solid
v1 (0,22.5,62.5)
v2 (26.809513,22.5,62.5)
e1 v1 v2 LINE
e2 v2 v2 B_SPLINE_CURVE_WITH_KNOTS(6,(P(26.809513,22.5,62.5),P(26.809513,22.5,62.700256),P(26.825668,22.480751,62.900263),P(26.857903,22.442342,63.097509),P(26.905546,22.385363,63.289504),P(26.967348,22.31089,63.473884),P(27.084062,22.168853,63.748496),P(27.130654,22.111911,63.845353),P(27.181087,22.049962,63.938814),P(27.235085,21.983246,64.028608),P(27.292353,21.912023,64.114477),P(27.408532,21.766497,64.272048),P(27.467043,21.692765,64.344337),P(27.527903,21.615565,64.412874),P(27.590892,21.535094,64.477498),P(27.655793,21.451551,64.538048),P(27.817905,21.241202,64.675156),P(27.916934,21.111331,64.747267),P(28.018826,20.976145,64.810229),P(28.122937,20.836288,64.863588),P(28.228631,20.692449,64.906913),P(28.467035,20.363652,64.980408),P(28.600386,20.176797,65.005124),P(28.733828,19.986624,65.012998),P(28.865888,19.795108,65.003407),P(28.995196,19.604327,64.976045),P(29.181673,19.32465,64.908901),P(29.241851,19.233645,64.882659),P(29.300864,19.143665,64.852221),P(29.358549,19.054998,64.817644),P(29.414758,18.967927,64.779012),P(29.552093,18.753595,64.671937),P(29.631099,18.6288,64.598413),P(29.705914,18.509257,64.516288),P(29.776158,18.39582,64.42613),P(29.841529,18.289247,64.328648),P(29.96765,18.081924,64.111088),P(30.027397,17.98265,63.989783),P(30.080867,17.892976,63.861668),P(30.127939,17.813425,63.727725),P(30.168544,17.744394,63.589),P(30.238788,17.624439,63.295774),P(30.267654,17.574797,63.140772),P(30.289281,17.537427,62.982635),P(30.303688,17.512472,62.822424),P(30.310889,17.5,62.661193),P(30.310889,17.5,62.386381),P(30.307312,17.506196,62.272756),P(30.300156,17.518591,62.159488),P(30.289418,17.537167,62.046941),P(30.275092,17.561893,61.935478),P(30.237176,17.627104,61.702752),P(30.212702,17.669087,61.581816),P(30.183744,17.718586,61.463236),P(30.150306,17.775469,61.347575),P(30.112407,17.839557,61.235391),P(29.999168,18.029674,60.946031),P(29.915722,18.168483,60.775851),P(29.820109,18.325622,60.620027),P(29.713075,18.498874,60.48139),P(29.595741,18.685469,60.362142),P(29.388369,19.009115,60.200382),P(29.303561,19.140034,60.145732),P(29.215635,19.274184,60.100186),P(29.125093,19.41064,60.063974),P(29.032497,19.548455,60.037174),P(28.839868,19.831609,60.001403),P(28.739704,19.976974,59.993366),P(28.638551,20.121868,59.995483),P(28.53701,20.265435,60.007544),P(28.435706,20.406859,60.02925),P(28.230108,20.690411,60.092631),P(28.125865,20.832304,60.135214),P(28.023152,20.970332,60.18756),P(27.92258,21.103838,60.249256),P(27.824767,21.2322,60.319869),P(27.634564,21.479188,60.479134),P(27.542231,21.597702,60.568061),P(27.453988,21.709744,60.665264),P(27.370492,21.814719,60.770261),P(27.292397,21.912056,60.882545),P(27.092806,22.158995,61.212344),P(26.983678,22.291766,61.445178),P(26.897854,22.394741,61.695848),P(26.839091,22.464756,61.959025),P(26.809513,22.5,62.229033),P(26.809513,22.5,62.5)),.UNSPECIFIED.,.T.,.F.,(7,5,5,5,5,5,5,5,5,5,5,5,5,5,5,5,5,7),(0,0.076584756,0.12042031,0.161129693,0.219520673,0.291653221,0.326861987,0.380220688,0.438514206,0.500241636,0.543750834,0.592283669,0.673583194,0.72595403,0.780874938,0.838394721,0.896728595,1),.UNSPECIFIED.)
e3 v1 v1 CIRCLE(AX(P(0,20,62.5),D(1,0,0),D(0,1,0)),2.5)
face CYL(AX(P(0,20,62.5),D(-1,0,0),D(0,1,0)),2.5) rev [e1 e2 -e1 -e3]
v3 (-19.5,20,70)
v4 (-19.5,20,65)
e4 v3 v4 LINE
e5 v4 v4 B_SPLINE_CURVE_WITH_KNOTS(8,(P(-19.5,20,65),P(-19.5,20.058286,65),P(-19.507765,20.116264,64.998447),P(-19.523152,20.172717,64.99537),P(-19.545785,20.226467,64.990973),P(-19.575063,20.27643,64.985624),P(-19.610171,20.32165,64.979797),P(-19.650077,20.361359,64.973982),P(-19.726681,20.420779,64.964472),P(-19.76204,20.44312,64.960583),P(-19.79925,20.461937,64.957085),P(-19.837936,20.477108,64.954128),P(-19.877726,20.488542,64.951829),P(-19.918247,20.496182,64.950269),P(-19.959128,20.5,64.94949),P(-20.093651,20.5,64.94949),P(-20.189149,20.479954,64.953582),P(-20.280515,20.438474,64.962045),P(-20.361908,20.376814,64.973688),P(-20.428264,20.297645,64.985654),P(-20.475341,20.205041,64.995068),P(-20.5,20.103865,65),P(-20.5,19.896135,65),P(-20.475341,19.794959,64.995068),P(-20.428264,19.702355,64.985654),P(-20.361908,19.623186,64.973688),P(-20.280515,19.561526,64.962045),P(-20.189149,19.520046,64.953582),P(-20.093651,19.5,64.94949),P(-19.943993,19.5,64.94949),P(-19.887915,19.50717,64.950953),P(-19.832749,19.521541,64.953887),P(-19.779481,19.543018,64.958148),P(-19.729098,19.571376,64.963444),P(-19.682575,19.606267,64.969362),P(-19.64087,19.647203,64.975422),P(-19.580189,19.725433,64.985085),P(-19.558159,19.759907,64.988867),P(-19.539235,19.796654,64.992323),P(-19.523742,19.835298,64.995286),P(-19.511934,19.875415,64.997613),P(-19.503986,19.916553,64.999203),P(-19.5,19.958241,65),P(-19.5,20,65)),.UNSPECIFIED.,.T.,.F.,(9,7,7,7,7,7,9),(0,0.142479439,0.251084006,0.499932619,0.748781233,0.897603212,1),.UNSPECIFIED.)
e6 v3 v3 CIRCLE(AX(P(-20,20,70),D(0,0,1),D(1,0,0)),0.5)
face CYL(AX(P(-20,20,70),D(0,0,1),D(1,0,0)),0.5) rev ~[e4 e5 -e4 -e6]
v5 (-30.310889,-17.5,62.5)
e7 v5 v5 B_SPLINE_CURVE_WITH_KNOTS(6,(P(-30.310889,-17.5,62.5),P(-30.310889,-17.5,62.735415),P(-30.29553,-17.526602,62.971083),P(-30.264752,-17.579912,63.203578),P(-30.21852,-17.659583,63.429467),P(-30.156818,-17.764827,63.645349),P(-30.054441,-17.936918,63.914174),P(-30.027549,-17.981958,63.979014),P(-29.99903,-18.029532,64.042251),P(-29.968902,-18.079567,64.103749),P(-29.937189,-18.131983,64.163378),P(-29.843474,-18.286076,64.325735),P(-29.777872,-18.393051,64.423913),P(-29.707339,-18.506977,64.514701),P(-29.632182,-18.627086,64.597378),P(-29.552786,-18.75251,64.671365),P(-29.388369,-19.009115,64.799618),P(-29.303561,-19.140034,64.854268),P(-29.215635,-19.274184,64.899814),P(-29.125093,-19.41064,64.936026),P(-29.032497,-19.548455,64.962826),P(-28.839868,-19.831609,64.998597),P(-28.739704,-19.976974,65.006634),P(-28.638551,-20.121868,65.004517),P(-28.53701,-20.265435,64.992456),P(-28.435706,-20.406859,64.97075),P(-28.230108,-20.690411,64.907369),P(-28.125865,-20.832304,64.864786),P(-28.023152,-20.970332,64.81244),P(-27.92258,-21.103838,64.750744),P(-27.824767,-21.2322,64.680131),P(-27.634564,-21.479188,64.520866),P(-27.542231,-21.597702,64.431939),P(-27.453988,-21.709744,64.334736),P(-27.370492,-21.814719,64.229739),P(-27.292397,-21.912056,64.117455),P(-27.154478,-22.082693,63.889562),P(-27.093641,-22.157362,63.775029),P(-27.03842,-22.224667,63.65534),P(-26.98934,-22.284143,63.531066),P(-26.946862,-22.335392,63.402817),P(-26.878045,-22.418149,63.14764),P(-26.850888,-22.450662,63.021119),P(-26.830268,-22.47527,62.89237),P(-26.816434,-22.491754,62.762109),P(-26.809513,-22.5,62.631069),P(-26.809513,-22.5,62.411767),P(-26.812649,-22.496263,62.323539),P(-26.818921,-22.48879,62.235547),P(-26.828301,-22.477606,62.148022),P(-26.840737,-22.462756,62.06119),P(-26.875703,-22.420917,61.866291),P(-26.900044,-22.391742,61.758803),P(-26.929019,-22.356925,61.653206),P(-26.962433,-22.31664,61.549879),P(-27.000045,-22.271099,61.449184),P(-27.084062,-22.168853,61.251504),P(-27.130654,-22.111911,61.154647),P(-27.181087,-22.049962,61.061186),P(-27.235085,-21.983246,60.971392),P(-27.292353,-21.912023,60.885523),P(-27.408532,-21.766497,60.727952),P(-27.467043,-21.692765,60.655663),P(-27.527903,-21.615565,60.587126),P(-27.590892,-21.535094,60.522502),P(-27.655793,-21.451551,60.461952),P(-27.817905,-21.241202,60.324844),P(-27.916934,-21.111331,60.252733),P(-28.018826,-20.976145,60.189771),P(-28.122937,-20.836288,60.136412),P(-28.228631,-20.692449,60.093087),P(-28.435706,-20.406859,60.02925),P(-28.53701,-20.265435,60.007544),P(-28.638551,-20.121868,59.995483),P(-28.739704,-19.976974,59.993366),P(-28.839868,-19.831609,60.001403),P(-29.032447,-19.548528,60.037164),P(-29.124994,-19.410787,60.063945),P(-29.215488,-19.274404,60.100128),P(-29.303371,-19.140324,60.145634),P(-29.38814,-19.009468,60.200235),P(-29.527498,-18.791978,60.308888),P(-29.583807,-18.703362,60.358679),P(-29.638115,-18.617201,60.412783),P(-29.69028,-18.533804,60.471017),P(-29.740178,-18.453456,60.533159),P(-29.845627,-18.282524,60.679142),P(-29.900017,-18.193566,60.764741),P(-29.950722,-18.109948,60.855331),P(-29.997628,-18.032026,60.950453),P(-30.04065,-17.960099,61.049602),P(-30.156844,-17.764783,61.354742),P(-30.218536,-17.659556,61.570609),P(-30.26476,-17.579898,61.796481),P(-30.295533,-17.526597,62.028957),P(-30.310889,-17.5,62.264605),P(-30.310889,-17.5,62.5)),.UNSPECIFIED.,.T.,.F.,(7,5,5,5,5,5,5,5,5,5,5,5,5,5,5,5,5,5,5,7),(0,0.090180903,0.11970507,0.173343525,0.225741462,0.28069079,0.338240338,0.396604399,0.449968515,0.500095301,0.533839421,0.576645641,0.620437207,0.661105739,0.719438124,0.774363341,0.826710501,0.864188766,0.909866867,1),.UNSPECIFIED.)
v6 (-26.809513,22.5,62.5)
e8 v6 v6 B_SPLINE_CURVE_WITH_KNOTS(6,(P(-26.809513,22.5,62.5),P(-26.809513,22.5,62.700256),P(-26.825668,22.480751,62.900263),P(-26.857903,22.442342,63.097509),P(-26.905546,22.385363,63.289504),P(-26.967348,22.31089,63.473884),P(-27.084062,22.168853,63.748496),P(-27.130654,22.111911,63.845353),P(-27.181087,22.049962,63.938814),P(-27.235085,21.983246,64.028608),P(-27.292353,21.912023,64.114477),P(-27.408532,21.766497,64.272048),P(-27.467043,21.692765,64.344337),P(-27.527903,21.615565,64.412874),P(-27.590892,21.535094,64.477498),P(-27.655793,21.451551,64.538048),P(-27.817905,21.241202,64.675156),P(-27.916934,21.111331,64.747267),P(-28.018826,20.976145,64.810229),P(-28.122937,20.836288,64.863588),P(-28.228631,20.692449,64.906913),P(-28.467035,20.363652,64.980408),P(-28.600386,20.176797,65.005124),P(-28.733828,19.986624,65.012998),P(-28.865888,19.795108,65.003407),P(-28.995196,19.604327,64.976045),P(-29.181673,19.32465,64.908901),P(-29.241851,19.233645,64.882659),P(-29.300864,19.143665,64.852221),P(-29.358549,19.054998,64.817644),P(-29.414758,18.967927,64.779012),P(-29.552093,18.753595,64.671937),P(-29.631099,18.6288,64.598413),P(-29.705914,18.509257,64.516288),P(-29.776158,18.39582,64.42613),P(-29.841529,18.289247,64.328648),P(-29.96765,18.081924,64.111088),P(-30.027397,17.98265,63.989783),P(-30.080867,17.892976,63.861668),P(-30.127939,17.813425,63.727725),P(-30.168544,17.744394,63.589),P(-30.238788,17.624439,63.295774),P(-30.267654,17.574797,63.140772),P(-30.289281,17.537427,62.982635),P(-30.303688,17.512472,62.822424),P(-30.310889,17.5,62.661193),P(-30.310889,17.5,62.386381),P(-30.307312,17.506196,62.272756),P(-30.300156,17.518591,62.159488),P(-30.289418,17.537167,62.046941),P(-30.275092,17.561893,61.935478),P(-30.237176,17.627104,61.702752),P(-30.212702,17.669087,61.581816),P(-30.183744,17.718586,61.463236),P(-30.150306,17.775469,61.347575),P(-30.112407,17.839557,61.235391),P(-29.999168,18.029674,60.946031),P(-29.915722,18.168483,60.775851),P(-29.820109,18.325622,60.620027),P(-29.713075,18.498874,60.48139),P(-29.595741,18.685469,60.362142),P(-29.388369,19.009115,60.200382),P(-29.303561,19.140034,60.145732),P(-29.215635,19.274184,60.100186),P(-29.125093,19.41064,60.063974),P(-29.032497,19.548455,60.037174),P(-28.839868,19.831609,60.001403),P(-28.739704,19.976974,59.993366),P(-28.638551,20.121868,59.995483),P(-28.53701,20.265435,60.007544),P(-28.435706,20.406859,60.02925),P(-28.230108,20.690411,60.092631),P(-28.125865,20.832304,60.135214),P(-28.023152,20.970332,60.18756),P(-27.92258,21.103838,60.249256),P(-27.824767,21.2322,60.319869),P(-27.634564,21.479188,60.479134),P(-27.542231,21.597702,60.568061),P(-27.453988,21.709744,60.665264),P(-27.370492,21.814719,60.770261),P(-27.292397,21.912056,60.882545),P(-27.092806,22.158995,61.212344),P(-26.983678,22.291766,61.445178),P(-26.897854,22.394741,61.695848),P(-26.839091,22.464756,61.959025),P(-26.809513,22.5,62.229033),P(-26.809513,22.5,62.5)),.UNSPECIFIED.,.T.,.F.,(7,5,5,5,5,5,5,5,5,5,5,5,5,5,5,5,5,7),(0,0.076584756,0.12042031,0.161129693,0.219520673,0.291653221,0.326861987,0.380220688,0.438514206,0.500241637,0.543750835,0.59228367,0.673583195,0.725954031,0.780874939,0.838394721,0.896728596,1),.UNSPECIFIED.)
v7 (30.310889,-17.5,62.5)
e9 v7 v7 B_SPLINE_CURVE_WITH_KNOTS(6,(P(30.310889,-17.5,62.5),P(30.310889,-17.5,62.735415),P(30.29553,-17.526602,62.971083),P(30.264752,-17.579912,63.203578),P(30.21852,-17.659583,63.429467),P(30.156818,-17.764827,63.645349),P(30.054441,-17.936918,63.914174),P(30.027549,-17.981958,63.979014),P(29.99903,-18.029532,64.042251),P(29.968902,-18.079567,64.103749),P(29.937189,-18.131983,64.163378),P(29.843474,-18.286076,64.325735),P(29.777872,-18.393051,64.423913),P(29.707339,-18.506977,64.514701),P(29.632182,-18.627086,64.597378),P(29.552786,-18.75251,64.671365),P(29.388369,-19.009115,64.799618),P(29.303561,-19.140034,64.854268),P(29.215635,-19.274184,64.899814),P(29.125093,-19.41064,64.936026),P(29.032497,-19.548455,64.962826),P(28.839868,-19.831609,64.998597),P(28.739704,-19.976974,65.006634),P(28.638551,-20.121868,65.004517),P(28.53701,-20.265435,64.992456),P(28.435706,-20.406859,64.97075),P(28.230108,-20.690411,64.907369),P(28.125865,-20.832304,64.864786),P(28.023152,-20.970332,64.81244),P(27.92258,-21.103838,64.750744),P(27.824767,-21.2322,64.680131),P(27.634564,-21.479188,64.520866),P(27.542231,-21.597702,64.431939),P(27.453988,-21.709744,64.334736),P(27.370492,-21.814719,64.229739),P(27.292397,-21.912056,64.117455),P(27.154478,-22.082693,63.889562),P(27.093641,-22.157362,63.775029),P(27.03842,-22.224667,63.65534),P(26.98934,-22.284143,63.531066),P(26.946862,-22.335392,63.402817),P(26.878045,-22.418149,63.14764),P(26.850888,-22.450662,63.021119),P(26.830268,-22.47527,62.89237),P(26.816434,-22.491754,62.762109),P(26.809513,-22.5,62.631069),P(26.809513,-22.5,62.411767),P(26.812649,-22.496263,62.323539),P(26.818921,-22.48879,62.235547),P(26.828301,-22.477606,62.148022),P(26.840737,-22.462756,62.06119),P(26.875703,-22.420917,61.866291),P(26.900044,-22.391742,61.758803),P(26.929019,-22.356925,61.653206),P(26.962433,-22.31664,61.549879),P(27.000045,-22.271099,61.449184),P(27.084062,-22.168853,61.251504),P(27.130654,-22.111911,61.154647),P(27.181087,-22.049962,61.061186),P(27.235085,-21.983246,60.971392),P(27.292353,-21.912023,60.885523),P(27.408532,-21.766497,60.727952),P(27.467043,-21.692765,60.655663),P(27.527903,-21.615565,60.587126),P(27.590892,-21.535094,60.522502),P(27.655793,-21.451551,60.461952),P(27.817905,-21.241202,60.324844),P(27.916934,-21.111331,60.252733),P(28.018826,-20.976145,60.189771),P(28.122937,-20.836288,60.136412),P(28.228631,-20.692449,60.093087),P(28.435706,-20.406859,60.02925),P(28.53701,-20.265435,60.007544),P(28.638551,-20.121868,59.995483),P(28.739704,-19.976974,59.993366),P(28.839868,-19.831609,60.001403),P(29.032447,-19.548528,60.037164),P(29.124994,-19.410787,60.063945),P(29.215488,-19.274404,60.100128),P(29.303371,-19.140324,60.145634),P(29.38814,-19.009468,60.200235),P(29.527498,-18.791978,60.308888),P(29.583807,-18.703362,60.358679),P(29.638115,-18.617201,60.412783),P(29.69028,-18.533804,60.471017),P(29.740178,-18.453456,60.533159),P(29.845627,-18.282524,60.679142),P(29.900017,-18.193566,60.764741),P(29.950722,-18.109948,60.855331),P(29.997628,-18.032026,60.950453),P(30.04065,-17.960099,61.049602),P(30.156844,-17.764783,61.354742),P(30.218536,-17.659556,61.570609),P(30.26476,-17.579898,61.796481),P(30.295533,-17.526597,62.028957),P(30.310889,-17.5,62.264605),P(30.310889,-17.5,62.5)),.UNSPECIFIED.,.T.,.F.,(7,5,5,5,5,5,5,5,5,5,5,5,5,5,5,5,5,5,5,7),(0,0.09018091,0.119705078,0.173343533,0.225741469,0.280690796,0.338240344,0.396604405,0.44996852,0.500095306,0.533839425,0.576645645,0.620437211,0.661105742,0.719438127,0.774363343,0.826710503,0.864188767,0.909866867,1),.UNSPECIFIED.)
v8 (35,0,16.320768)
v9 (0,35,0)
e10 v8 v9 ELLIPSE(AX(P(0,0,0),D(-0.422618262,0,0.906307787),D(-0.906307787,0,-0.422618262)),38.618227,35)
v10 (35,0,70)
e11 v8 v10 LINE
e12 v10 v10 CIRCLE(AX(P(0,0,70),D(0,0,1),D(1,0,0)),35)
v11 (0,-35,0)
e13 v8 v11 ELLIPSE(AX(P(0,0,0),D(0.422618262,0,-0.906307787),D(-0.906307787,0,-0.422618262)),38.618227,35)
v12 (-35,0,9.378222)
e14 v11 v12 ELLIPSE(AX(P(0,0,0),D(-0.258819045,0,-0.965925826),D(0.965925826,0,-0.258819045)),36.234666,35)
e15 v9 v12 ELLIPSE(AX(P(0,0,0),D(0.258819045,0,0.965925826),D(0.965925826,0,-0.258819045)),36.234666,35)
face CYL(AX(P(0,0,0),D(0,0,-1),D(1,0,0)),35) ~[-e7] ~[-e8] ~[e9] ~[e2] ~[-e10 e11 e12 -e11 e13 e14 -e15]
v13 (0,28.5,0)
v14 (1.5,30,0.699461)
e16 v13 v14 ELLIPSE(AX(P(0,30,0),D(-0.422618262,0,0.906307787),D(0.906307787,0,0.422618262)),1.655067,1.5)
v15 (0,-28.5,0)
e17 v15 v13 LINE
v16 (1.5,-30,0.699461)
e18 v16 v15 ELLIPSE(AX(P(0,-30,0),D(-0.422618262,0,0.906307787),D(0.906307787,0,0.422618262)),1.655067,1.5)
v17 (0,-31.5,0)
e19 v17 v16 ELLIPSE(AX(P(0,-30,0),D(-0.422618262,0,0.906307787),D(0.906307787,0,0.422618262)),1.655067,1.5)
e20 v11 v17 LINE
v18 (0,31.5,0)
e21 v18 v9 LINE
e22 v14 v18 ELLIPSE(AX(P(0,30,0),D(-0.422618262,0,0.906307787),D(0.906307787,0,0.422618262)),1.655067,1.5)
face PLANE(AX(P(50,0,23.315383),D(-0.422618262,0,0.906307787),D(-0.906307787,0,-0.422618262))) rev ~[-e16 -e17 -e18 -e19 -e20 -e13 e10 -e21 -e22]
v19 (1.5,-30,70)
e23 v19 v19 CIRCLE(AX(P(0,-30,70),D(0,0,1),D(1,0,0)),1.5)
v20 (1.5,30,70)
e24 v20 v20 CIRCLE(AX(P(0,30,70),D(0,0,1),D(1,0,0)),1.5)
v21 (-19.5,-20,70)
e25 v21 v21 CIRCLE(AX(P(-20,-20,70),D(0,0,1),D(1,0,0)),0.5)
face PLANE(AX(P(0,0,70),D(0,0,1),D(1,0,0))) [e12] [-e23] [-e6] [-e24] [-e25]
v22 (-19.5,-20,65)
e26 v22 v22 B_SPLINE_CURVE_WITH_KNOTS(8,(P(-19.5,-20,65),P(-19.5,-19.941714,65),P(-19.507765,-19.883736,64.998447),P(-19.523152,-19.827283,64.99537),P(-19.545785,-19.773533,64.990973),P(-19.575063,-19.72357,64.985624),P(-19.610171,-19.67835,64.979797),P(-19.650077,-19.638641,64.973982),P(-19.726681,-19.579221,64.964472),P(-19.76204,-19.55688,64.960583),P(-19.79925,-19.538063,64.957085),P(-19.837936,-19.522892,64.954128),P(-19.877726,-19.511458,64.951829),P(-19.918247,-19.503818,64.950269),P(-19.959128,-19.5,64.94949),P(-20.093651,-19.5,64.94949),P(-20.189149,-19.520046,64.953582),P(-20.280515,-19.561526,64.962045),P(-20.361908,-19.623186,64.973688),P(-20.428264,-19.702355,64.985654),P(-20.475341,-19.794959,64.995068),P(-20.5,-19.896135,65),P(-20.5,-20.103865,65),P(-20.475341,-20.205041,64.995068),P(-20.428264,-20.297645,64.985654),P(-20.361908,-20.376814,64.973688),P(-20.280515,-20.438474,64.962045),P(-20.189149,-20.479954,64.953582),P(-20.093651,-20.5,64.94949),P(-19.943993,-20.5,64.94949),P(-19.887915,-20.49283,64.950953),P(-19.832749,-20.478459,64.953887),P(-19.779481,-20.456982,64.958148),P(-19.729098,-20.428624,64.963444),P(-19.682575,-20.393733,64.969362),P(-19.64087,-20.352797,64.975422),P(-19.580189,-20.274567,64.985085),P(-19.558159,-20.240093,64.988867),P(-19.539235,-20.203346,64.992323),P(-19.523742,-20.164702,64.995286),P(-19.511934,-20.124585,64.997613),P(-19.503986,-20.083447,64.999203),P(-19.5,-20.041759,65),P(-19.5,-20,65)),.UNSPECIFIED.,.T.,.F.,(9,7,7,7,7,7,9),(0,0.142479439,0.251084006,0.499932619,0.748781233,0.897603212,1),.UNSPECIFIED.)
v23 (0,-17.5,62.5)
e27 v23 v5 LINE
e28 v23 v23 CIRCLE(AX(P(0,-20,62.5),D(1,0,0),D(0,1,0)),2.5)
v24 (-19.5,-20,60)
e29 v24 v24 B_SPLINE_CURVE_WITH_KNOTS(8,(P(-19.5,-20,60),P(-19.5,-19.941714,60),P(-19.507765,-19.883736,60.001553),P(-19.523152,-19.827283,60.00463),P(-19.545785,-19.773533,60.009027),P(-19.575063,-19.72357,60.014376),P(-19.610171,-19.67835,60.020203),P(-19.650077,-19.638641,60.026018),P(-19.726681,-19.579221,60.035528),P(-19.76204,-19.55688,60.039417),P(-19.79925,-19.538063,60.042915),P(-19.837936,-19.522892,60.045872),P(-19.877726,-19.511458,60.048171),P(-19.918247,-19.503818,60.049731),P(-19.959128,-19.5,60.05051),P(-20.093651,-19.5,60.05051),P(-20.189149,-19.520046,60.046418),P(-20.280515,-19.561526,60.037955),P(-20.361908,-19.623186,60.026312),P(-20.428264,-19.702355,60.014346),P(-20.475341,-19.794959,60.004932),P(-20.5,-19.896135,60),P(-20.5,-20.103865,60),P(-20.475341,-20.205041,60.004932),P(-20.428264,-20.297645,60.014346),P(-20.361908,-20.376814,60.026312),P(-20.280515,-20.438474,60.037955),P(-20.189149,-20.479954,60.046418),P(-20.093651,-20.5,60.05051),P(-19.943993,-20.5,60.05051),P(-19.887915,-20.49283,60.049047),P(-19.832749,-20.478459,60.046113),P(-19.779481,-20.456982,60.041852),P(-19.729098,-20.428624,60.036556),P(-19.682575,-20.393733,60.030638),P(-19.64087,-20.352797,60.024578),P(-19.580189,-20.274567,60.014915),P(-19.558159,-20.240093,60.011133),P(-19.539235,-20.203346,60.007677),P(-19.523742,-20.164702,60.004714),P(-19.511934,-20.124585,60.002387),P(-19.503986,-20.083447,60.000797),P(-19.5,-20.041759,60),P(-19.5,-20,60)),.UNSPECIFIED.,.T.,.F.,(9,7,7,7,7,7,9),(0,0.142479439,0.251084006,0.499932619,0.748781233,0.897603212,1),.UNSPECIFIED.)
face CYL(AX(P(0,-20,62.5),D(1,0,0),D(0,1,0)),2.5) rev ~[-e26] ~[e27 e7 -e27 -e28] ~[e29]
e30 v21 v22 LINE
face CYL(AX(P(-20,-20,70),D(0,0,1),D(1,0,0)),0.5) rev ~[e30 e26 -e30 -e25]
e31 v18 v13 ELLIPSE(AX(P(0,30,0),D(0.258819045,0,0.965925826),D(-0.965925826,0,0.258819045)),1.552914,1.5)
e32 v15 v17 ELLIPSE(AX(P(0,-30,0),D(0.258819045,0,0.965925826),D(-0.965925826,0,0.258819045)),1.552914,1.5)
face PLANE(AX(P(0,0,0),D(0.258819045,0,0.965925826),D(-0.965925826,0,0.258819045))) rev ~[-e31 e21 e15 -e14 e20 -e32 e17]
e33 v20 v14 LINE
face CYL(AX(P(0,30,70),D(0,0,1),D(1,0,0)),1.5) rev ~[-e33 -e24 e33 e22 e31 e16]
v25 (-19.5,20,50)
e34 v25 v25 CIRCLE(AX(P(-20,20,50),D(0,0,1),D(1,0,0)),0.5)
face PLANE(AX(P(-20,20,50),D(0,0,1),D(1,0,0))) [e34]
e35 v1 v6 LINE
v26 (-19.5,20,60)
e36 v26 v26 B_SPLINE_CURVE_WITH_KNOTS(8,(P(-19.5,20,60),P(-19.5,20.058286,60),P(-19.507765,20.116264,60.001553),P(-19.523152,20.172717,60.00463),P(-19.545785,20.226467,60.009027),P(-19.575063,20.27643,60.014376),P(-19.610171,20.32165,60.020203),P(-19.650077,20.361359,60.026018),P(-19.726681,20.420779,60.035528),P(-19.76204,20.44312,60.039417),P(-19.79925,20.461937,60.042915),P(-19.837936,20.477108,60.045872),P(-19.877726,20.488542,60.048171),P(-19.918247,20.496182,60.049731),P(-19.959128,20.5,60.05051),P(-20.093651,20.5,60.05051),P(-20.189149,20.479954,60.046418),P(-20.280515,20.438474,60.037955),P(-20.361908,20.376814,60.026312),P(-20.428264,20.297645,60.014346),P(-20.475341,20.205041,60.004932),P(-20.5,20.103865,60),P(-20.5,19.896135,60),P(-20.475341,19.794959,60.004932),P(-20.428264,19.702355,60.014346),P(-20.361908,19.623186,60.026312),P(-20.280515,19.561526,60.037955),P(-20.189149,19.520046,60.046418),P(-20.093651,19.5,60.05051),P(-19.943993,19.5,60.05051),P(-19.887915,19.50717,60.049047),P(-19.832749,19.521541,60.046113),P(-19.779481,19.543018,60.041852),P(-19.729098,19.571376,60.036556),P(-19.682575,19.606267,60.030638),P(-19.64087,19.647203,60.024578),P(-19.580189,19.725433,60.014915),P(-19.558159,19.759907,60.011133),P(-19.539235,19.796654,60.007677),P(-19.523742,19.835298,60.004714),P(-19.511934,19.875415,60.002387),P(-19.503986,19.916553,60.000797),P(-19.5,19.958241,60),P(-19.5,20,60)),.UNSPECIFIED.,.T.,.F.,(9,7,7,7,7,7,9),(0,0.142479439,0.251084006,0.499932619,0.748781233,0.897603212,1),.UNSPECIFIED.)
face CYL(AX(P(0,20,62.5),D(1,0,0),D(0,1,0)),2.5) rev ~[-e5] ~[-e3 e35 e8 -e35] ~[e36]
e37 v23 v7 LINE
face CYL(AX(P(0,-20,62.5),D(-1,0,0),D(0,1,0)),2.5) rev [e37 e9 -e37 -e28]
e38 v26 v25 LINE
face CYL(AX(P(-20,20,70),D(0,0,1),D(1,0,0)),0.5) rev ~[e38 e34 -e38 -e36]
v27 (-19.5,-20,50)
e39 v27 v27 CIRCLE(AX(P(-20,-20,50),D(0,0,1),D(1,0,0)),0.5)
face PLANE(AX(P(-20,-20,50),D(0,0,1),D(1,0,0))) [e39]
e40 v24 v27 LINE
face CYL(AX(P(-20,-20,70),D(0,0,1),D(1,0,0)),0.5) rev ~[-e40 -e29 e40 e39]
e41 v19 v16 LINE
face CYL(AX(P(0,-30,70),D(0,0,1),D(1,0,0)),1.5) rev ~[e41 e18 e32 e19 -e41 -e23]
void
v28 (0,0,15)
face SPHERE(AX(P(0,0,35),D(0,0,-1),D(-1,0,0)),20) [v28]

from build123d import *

# Parameters (mm, degrees)
F0_R          = 35
F1_DEPTH      = 70
F3_DEPTH      = 35.001
F3_DEPTH_BACK = 35.001
F4_R          = 2.5
F5_DEPTH      = 35.001
F5_DEPTH_BACK = 35.001
F8_R          = 0.5
F9_DEPTH      = 20
F10_R         = 1.5
F11_DEPTH     = 70.0010001


with BuildPart() as f1:
    # F0 (on Top) → F1 (new body)
    with BuildSketch(Plane.XY):
        Circle(F0_R)
    extrude(amount=F1_DEPTH)

    # F2 (on Front) → F3 (cut, two sides)
    with BuildSketch(Plane.XZ) as f3_sk:
        Polygon((-50, 0), (0, 0), (-50, 13.3974596216), align=None)
        Polygon((50, 23.3153829077), (0, 0), (50, 0), align=None)
    extrude(amount=-F3_DEPTH, mode=Mode.SUBTRACT)
    extrude(f3_sk.sketch, amount=F3_DEPTH_BACK, mode=Mode.SUBTRACT)

    # F4 (on Right) → F5 (cut, two sides)
    with BuildSketch(Plane.YZ) as f5_sk:
        with Locations((-20, 62.5)):
            Circle(F4_R)
        with Locations((20, 62.5)):
            Circle(F4_R)
    extrude(amount=-F5_DEPTH, mode=Mode.SUBTRACT)
    extrude(f5_sk.sketch, amount=F5_DEPTH_BACK, mode=Mode.SUBTRACT)

    # F6 (on Front) → F7 (revolve, cut)
    with BuildSketch(Plane.XZ):
        with BuildLine():
            Line((0, 15), (0, 55))
            ThreePointArc((0, 55), (-20, 35), (0, 15))
        make_face()
    revolve(axis=Axis((0, 0, 35), (0, 0, -1)), mode=Mode.SUBTRACT)

    # F8 (on face) → F9 (cut)
    with BuildSketch(Plane.XY.offset(70)):
        with Locations((-20, 20)):
            Circle(F8_R)
        with Locations((-20, -20)):
            Circle(F8_R)
    extrude(amount=-F9_DEPTH, mode=Mode.SUBTRACT)

    # F10 (on face) → F11 (cut, through all)
    with BuildSketch(Plane.XY.offset(70)):
        with Locations((0, 30)):
            Circle(F10_R)
        with Locations((0, -30)):
            Circle(F10_R)
    extrude(amount=-F11_DEPTH, mode=Mode.SUBTRACT)


solid = f1.part
